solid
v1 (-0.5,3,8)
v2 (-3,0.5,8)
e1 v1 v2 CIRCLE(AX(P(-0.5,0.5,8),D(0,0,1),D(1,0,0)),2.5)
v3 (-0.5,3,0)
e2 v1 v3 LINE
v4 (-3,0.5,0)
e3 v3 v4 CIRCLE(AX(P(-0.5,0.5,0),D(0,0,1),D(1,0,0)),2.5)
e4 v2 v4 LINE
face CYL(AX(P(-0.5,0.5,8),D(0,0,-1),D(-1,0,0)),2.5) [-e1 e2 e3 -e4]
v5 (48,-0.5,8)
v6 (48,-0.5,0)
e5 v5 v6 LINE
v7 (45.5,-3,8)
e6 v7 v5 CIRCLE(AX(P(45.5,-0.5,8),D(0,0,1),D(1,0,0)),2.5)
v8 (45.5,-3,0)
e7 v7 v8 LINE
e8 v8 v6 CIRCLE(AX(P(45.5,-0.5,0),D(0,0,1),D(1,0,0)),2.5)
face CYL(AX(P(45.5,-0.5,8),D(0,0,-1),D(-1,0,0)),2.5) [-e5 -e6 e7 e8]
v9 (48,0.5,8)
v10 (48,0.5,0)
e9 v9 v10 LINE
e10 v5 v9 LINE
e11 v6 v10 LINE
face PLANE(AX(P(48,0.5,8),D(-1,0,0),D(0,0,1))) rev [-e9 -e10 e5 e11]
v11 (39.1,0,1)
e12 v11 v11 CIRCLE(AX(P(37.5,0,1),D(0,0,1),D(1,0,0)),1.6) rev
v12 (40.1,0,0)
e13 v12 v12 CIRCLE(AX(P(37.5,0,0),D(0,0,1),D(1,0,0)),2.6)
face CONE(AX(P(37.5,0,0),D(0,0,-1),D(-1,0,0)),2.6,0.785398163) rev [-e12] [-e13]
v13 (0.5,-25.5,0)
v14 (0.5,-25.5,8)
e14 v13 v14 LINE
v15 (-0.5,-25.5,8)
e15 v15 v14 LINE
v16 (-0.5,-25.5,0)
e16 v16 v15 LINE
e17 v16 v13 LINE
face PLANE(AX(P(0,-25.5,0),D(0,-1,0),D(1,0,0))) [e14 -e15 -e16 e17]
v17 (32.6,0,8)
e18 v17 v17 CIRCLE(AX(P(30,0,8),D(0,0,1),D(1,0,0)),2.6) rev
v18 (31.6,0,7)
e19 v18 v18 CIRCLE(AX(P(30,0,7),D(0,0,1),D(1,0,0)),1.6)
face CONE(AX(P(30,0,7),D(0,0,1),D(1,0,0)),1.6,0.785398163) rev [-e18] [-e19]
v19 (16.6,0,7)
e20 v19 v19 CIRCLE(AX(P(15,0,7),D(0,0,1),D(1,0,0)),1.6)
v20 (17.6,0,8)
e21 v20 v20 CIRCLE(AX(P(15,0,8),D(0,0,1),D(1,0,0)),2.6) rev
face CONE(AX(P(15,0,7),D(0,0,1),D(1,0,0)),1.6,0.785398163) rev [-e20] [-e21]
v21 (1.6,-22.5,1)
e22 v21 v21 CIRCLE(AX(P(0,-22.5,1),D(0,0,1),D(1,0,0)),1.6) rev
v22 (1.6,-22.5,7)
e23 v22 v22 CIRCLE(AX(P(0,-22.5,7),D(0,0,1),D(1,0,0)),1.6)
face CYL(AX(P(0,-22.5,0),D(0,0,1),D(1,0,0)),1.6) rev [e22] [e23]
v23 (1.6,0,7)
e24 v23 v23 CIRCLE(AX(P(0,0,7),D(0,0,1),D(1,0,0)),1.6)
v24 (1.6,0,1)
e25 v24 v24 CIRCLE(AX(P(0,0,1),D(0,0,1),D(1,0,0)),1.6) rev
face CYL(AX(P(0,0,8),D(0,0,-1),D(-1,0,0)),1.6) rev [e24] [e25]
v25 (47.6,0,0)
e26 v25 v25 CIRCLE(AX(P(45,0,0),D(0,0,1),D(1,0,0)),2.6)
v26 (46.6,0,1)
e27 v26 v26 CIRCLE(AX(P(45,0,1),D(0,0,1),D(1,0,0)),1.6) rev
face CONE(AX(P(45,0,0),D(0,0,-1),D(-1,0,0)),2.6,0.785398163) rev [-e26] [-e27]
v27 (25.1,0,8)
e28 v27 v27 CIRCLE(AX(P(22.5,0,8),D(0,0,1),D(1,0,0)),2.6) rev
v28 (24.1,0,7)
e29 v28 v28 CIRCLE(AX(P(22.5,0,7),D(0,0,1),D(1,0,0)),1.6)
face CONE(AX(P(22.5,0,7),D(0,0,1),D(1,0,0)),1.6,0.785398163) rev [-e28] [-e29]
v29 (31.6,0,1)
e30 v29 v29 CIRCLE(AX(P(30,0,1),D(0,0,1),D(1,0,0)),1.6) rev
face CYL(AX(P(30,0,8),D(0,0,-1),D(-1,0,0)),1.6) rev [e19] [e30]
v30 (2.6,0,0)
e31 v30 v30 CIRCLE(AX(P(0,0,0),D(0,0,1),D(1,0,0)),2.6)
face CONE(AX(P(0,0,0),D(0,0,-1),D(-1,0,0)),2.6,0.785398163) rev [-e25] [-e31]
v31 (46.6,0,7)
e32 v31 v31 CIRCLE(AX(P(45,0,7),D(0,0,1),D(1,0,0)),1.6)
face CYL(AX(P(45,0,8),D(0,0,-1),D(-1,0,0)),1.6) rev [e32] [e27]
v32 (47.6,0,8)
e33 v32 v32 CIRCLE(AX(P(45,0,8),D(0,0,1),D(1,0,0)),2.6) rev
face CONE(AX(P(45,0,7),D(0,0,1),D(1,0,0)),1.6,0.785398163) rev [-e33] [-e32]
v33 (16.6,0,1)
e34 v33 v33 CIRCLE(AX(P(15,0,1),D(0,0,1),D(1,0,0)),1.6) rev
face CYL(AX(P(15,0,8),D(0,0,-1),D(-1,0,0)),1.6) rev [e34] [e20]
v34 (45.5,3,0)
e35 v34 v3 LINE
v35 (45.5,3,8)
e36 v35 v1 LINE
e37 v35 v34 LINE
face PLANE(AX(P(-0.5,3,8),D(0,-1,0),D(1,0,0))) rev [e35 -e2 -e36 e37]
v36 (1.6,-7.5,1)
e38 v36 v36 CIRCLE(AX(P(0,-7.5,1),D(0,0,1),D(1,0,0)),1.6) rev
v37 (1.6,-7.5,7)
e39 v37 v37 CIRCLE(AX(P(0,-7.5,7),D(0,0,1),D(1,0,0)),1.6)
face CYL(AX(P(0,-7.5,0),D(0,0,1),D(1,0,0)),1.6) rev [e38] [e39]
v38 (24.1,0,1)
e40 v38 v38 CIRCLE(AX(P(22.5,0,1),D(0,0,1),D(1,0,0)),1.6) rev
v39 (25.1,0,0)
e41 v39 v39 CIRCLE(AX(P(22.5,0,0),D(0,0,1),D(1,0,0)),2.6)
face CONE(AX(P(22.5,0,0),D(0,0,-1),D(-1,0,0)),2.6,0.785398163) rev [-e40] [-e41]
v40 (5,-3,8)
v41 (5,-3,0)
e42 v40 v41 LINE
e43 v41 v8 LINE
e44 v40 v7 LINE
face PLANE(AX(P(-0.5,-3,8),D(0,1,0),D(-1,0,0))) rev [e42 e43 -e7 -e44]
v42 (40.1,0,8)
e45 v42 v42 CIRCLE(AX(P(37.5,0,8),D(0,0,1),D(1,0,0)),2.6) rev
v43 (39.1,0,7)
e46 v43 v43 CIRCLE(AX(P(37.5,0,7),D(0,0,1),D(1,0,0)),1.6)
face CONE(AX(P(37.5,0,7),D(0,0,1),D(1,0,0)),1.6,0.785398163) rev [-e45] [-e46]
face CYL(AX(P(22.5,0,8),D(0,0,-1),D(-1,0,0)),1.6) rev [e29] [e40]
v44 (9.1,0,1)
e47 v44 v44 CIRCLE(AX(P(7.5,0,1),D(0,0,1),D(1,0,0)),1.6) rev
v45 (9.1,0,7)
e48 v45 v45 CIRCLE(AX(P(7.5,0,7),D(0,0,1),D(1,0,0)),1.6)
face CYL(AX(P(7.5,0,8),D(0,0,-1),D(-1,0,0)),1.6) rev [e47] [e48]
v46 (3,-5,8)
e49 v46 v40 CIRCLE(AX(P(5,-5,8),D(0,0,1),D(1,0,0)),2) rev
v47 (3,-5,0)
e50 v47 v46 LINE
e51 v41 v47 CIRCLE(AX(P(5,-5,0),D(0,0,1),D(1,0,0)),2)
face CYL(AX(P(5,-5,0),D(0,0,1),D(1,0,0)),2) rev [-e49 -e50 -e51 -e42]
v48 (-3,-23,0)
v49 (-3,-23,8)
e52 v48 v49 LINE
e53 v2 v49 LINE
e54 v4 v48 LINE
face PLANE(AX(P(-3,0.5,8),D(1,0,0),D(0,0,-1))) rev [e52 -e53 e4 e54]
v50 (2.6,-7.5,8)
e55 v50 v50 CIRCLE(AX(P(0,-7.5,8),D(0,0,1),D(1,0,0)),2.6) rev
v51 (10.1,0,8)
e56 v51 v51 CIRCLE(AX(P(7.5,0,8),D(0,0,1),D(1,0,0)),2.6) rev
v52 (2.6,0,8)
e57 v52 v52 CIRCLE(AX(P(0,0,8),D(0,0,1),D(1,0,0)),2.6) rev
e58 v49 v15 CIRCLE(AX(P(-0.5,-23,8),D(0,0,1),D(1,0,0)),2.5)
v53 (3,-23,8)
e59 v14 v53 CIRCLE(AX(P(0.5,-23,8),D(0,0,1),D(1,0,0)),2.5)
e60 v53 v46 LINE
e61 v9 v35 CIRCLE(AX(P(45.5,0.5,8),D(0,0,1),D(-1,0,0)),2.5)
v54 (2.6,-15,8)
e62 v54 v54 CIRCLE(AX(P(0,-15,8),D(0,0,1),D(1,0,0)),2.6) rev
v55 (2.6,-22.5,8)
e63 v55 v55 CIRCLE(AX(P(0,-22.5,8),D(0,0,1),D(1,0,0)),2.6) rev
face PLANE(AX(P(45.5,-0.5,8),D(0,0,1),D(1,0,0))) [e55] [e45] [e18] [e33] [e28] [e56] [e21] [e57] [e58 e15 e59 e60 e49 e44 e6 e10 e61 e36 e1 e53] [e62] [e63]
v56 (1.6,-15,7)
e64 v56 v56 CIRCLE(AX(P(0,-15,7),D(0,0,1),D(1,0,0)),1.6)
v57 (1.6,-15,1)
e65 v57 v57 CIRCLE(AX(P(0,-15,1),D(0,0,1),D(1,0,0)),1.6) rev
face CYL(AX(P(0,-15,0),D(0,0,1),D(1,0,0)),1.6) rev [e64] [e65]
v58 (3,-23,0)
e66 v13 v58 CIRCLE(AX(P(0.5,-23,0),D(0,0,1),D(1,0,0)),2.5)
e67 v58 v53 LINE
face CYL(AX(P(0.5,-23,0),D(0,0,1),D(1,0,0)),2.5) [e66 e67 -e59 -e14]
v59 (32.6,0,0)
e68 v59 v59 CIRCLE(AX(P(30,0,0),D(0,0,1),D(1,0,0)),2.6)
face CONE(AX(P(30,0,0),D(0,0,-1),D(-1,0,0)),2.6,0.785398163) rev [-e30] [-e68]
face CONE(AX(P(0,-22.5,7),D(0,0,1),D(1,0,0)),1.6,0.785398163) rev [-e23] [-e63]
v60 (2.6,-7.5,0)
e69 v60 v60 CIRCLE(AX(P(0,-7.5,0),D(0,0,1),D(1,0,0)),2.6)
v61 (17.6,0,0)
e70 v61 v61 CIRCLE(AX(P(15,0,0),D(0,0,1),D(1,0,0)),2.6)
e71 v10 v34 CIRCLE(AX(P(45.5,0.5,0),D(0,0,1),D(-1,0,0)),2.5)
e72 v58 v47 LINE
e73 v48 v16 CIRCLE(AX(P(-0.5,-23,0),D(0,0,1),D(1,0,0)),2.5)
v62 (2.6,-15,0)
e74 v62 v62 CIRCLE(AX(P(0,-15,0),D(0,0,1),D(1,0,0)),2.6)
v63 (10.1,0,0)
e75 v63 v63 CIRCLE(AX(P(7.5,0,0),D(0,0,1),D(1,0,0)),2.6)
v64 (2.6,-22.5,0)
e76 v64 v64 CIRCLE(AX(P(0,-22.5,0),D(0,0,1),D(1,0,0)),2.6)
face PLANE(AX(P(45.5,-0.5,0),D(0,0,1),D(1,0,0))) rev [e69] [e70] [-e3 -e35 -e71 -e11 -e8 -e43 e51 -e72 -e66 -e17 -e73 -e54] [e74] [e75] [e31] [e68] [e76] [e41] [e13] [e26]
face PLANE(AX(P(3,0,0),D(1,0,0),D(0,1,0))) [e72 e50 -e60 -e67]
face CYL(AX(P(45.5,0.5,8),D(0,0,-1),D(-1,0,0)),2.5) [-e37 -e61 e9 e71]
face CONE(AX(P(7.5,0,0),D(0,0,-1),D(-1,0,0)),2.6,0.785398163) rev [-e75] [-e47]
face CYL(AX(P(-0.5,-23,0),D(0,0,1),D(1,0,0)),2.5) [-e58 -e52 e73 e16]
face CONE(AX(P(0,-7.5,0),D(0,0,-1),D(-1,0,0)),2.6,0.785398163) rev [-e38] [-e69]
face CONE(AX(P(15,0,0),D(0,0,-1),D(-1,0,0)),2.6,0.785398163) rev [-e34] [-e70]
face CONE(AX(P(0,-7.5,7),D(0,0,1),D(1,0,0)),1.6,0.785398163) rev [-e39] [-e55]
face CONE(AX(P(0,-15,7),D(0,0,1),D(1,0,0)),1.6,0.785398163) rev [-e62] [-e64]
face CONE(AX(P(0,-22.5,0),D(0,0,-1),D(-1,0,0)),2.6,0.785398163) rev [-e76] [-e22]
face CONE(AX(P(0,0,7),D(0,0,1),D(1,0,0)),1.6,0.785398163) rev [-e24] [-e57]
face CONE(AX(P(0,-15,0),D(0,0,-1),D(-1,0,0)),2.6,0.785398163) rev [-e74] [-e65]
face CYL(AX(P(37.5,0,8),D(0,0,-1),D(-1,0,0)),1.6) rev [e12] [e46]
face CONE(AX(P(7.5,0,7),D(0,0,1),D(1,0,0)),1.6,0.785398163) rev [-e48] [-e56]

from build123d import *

# Parameters (mm, degrees)
SKETCH1_R           = 1.6
BOSS_EXTRUDE1_DEPTH = 8
CHAMFER1_SIZE       = 1
SKETCH2_R           = 1.6
BOSS_EXTRUDE3_DEPTH = 8
FILLET1_R           = 2
CHAMFER3_SIZE       = 1
CHAMFER5_SIZE       = 1


with BuildPart() as part:
    # Sketch1 → Boss-Extrude1 (new body)
    with BuildSketch(Plane.XY):
        with BuildLine():
            Line((-0.5, 3), (45.5, 3))
            ThreePointArc((45.5, 3), (47.267766953, 2.267766953), (48, 0.5))
            Line((48, 0.5), (48, -0.5))
            ThreePointArc((48, -0.5), (47.267766953, -2.267766953), (45.5, -3))
            Line((45.5, -3), (-0.5, -3))
            ThreePointArc((-0.5, -3), (-2.267766953, -2.267766953), (-3, -0.5))
            Line((-3, -0.5), (-3, 0.5))
            ThreePointArc((-3, 0.5), (-2.267766953, 2.267766953), (-0.5, 3))
        make_face()
        Circle(SKETCH1_R, mode=Mode.SUBTRACT)
        with Locations((7.5, 0)):
            Circle(SKETCH1_R, mode=Mode.SUBTRACT)
        with Locations((15, 0)):
            Circle(SKETCH1_R, mode=Mode.SUBTRACT)
        with Locations((22.5, 0)):
            Circle(SKETCH1_R, mode=Mode.SUBTRACT)
        with Locations((30, 0)):
            Circle(SKETCH1_R, mode=Mode.SUBTRACT)
        with Locations((37.5, 0)):
            Circle(SKETCH1_R, mode=Mode.SUBTRACT)
        with Locations((45, 0)):
            Circle(SKETCH1_R, mode=Mode.SUBTRACT)
    extrude(amount=BOSS_EXTRUDE1_DEPTH)

    # Chamfer1
    chamfer1_edges = [part.edges().sort_by_distance(p)[0] for p in [
        (-1.6, 0, 0),
        (-1.6, 0, 8),
        (5.9, 0, 0),
        (5.9, 0, 8),
        (13.4, 0, 0),
        (13.4, 0, 8),
        (20.9, 0, 0),
        (20.9, 0, 8),
        (28.4, 0, 0),
        (28.4, 0, 8),
    ]]
    chamfer(chamfer1_edges, length=CHAMFER1_SIZE)

    # Sketch2 → Boss-Extrude3 (add)
    with BuildSketch(Plane.XY.offset(8)):
        with BuildLine():
            ThreePointArc((-0.5, -3), (-2.267766953, -2.267766953), (-3, -0.5))
            Line((-3, -0.5), (-3, -23))
            ThreePointArc((-3, -23), (-2.267766953, -24.767766953), (-0.5, -25.5))
            Line((-0.5, -25.5), (0.5, -25.5))
            ThreePointArc((0.5, -25.5), (2.267766953, -24.767766953), (3, -23))
            Line((3, -23), (3, -3))
            Line((3, -3), (-0.5, -3))
        make_face()
        with Locations((0, -22.5)):
            Circle(SKETCH2_R, mode=Mode.SUBTRACT)
        with Locations((0, -15)):
            Circle(SKETCH2_R, mode=Mode.SUBTRACT)
        with Locations((0, -7.5)):
            Circle(SKETCH2_R, mode=Mode.SUBTRACT)
    extrude(amount=-BOSS_EXTRUDE3_DEPTH)

    # Fillet1
    fillet1_edges = [part.edges().sort_by_distance(p)[0] for p in [
        (3, -3, 4),
    ]]
    fillet(fillet1_edges, radius=FILLET1_R)

    # Chamfer3
    chamfer3_edges = [part.edges().sort_by_distance(p)[0] for p in [
        (35.9, 0, 0),
        (35.9, 0, 8),
        (43.4, 0, 0),
        (43.4, 0, 8),
    ]]
    chamfer(chamfer3_edges, length=CHAMFER3_SIZE)

    # Chamfer5
    chamfer5_edges = [part.edges().sort_by_distance(p)[0] for p in [
        (-1.6, -7.5, 8),
        (-1.6, -15, 8),
        (-1.6, -22.5, 8),
        (-1.6, -22.5, 0),
        (-1.6, -15, 0),
        (-1.6, -7.5, 0),
    ]]
    chamfer(chamfer5_edges, length=CHAMFER5_SIZE)


solid = part.part
